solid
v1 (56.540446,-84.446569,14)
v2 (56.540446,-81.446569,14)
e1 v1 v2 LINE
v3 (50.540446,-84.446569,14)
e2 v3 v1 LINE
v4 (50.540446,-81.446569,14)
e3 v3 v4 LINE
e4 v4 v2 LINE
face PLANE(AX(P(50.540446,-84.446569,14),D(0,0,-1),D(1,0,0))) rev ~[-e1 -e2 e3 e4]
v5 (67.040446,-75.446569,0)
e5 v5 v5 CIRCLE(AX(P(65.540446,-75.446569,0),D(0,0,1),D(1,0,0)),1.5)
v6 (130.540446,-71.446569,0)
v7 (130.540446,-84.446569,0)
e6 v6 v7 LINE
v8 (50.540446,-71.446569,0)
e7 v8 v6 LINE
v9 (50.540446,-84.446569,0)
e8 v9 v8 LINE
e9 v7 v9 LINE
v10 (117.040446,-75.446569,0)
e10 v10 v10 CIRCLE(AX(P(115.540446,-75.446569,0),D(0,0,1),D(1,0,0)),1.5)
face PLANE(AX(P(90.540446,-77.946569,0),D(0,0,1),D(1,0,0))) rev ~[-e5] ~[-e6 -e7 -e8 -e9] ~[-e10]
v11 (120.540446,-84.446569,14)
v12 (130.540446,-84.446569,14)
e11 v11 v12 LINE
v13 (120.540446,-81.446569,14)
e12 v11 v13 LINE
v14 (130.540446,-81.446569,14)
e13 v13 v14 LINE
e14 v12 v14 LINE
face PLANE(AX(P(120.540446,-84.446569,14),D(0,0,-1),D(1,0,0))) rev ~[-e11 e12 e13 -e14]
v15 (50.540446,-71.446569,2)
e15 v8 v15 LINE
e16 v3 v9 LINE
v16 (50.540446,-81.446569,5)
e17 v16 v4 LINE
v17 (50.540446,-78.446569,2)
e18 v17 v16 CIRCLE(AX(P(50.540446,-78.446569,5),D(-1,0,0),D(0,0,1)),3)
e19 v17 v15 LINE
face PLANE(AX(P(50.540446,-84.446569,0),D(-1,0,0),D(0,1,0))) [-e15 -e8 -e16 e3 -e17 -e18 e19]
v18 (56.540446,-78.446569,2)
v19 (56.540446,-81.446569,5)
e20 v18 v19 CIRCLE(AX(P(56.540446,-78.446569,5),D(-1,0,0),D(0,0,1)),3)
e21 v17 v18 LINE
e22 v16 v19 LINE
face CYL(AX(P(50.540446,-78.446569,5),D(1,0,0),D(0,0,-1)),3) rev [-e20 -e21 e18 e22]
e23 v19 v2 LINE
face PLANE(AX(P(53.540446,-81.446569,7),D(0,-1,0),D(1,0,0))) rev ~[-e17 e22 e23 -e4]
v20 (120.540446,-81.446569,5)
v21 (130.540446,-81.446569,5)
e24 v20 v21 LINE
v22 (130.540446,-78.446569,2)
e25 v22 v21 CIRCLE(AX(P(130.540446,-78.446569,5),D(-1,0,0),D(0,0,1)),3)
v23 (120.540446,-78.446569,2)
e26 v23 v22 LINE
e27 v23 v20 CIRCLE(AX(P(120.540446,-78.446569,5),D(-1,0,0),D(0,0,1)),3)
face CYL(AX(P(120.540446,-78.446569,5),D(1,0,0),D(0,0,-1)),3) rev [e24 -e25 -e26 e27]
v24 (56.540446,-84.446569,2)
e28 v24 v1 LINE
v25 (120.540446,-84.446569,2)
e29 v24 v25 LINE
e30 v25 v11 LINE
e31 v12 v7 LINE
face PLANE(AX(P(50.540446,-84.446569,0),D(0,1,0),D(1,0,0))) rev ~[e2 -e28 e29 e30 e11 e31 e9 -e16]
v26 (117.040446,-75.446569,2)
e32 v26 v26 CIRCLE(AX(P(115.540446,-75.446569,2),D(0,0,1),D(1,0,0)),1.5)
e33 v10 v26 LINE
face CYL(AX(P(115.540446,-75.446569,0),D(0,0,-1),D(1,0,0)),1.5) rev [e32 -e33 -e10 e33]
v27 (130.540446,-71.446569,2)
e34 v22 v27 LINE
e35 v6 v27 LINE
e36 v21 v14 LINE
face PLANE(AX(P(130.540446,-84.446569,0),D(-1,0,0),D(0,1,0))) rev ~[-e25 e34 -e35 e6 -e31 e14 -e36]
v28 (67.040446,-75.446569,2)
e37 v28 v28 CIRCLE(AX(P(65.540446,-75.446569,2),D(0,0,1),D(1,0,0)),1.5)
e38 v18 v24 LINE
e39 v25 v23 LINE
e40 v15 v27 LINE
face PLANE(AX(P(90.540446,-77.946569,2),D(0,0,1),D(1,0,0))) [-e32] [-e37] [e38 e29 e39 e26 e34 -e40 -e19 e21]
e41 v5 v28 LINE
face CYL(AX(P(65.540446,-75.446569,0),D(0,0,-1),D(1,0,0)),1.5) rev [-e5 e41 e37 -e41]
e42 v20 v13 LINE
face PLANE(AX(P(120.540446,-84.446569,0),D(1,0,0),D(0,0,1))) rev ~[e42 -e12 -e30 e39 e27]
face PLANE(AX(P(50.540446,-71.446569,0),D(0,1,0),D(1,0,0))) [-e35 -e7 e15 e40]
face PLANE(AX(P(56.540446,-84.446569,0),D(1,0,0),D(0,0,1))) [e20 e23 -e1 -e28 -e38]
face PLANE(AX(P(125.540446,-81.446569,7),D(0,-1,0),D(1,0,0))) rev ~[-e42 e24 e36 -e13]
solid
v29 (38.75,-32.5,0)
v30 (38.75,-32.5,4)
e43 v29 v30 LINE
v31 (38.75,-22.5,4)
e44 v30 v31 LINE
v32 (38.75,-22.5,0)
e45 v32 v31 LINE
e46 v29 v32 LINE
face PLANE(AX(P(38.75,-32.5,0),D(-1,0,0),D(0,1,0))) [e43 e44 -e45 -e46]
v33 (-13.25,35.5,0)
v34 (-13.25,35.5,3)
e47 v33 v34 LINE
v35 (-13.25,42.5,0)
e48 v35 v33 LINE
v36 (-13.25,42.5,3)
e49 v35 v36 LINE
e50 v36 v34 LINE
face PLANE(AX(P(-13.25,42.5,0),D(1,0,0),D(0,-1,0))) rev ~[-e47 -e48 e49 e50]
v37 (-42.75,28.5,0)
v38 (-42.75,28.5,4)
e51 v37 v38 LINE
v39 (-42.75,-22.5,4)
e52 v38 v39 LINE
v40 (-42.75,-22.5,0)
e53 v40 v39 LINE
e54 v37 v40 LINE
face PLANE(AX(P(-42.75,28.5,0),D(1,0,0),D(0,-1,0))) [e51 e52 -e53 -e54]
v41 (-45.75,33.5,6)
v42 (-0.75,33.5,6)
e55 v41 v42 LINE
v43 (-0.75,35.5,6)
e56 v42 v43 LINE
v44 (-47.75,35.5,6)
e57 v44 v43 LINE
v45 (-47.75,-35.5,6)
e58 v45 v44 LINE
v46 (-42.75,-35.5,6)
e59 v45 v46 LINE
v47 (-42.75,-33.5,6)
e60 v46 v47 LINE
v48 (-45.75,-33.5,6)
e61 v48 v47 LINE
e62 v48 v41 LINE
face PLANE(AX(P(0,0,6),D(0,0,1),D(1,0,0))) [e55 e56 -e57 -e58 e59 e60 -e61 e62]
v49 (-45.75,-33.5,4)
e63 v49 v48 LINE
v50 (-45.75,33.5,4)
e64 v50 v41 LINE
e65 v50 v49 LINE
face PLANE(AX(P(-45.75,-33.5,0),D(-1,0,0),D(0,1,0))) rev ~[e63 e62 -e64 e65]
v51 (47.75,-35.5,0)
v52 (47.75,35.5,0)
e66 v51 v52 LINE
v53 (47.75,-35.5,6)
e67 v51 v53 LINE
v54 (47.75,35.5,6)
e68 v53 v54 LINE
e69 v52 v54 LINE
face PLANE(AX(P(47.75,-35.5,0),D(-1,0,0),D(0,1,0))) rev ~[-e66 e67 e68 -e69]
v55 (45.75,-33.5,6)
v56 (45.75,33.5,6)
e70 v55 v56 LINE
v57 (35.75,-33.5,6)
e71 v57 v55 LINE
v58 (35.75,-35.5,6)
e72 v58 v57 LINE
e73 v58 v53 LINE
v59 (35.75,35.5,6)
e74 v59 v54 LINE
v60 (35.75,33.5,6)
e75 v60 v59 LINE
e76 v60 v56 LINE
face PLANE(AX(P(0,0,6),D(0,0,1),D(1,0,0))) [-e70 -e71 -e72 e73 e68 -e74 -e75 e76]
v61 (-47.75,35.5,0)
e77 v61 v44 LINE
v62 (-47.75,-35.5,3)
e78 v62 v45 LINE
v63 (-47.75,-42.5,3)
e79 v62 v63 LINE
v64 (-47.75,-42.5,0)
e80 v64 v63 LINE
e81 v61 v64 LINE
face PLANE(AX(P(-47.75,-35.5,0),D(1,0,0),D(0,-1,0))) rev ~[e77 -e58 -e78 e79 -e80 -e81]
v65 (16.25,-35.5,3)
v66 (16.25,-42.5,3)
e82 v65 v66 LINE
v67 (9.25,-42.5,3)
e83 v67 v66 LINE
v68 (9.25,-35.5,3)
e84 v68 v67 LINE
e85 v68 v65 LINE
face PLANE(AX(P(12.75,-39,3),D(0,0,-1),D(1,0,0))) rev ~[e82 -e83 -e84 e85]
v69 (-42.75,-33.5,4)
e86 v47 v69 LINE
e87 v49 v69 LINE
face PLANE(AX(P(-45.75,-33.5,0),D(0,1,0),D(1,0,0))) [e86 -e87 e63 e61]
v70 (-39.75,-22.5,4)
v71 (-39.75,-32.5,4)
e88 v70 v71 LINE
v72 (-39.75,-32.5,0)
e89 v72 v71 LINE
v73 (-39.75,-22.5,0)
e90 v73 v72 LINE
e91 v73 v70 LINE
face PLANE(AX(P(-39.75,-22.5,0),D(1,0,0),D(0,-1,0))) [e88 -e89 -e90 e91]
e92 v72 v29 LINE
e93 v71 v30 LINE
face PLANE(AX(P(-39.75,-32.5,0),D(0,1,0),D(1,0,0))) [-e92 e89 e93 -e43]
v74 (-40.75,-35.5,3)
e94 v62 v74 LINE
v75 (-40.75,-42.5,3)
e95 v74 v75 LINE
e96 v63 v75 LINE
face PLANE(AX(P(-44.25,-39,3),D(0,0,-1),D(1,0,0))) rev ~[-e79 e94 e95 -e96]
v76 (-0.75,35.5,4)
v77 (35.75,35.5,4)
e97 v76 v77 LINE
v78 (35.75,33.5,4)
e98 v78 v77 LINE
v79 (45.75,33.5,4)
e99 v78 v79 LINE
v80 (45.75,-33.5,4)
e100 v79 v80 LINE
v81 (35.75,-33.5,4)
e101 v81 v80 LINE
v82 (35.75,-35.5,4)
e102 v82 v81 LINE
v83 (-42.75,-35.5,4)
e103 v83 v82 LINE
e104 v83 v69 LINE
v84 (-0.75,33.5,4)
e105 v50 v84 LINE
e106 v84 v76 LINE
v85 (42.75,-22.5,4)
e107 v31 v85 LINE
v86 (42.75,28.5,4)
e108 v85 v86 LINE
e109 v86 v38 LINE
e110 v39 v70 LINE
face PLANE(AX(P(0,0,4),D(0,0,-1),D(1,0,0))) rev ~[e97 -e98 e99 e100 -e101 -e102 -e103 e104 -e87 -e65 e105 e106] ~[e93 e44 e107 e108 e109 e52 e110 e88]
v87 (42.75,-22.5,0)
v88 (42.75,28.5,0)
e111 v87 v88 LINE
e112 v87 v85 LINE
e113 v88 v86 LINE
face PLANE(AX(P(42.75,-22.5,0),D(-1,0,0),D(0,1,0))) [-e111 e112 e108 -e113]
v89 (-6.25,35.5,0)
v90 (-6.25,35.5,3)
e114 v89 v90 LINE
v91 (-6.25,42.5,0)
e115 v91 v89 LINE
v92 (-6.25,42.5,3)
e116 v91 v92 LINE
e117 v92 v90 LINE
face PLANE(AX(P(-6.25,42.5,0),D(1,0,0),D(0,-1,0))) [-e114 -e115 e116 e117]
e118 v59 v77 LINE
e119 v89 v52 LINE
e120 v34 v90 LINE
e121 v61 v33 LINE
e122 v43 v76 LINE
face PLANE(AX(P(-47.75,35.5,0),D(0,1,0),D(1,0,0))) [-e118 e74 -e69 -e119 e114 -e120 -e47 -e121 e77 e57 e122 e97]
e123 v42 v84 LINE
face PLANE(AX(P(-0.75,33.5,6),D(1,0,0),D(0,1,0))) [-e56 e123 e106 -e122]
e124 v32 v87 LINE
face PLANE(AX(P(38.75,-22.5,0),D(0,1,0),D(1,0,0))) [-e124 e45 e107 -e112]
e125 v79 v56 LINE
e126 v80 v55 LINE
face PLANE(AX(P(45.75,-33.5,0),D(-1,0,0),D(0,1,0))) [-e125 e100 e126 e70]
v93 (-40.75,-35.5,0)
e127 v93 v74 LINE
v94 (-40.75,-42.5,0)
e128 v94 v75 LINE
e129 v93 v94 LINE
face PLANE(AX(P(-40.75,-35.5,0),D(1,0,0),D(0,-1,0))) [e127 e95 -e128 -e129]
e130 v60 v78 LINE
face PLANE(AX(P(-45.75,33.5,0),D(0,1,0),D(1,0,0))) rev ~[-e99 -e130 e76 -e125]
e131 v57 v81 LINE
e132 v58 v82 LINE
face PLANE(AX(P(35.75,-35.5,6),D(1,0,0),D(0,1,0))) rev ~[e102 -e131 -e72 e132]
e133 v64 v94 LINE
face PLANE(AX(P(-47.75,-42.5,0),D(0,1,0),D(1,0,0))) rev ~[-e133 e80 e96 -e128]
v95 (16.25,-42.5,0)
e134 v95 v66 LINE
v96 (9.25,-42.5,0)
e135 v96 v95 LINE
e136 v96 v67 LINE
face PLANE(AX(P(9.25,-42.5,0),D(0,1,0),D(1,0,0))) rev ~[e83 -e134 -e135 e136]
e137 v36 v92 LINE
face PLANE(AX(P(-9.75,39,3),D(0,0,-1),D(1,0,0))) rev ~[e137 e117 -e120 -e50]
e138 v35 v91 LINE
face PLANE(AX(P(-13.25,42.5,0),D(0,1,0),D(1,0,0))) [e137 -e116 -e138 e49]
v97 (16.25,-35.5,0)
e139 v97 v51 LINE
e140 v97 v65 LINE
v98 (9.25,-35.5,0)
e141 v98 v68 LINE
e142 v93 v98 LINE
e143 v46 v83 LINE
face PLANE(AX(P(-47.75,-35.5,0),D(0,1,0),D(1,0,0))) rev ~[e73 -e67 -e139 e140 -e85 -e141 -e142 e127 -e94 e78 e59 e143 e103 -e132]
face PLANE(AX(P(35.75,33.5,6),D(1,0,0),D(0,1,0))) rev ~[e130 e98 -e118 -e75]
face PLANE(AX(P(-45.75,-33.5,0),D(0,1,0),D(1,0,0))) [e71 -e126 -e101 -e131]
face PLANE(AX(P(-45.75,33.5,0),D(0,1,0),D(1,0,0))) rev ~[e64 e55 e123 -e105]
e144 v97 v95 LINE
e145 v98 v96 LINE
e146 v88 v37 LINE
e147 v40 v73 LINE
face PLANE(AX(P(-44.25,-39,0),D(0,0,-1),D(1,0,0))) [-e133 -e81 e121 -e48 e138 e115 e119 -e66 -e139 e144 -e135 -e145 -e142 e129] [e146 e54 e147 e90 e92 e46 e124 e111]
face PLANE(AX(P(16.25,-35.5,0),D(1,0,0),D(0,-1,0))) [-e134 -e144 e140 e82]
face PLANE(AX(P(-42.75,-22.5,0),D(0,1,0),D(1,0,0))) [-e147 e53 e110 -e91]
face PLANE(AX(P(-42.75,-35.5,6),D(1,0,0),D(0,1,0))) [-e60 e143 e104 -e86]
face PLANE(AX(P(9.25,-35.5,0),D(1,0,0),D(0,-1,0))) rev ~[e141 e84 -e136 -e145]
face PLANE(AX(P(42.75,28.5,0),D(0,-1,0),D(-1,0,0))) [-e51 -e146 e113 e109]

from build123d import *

# Parameters (mm, degrees)
F0_W      = 95.5
F0_H      = 71
F0_W_2    = 91.5
F0_H_2    = 67
F1_DEPTH  = 6
F2_W      = 91.5
F2_H      = 67
F3_DEPTH  = 4
F4_W      = 78.5
F4_H      = 2
F4_W_2    = 36.5
F5_DEPTH  = 2
F6_W      = 7
F6_H      = 7
F7_DEPTH  = 3
F8_W      = 80
F8_H      = 13
F8_R      = 1.5
F9_DEPTH  = 2
F10_W     = 10
F10_H     = 14
F10_W_2   = 6
F11_DEPTH = 3
F12_R     = 3


with BuildPart() as f1:
    # F0 (on Top) → F1 (new body)
    with BuildSketch(Plane.XY):
        Rectangle(F0_W, F0_H)
        Rectangle(F0_W_2, F0_H_2, mode=Mode.SUBTRACT)
    extrude(amount=F1_DEPTH)

    # F2 (on face) → F3 (join)
    with BuildSketch(Plane(origin=(0, 0, 0), x_dir=(1, 0, 0), z_dir=(0, 0, -1))):
        Rectangle(F2_W, F2_H)
        Polygon((-30.75, -28.5), (-42.75, -28.5), (-42.75, 22.5), (-39.75, 22.5), (-39.75, 32.5), (38.75, 32.5), (38.75, 22.5), (42.75, 22.5), (42.75, -28.5), (-20.75, -28.5), align=None, mode=Mode.SUBTRACT)
    extrude(amount=-F3_DEPTH)

    # F4 (on face) → F5 (cut)
    with BuildSketch(Plane.XY.offset(6)):
        with Locations((-3.5, -34.5)):
            Rectangle(F4_W, F4_H)
        with Locations((17.5, 34.5)):
            Rectangle(F4_W_2, F4_H)
    extrude(amount=-F5_DEPTH, mode=Mode.SUBTRACT)

    # F6 (on face) → F7 (join)
    with BuildSketch(Plane(origin=(0, 0, 0), x_dir=(1, 0, 0), z_dir=(0, 0, -1))):
        with Locations((-44.25, 39)):
            Rectangle(F6_W, F6_H)
        with Locations((-9.75, -39)):
            Rectangle(F6_W, F6_H)
        with Locations((12.75, 39)):
            Rectangle(F6_W, F6_H)
    extrude(amount=-F7_DEPTH)


with BuildPart() as f9:
    # F8 (on Top) → F9 (new body)
    with BuildSketch(Plane.XY):
        with Locations((90.540446, -77.946569)):
            Rectangle(F8_W, F8_H)
        with Locations((65.540446, -75.446569)):
            Circle(F8_R, mode=Mode.SUBTRACT)
        with Locations((115.540446, -75.446569)):
            Circle(F8_R, mode=Mode.SUBTRACT)
    extrude(amount=F9_DEPTH)

    # F10 (on face) → F11 (join)
    with BuildSketch(Plane.XZ.offset(84.446569)):
        with Locations((125.540446, 7)):
            Rectangle(F10_W, F10_H)
        with Locations((53.540446, 7)):
            Rectangle(F10_W_2, F10_H)
    extrude(amount=-F11_DEPTH)

    # F12
    f12_edges = [f9.edges().sort_by_distance(p)[0] for p in [
        (53.540446, -81.446569, 2),
        (125.540446, -81.446569, 2),
    ]]
    fillet(f12_edges, radius=F12_R)


solid = Compound([f1.part, f9.part])
